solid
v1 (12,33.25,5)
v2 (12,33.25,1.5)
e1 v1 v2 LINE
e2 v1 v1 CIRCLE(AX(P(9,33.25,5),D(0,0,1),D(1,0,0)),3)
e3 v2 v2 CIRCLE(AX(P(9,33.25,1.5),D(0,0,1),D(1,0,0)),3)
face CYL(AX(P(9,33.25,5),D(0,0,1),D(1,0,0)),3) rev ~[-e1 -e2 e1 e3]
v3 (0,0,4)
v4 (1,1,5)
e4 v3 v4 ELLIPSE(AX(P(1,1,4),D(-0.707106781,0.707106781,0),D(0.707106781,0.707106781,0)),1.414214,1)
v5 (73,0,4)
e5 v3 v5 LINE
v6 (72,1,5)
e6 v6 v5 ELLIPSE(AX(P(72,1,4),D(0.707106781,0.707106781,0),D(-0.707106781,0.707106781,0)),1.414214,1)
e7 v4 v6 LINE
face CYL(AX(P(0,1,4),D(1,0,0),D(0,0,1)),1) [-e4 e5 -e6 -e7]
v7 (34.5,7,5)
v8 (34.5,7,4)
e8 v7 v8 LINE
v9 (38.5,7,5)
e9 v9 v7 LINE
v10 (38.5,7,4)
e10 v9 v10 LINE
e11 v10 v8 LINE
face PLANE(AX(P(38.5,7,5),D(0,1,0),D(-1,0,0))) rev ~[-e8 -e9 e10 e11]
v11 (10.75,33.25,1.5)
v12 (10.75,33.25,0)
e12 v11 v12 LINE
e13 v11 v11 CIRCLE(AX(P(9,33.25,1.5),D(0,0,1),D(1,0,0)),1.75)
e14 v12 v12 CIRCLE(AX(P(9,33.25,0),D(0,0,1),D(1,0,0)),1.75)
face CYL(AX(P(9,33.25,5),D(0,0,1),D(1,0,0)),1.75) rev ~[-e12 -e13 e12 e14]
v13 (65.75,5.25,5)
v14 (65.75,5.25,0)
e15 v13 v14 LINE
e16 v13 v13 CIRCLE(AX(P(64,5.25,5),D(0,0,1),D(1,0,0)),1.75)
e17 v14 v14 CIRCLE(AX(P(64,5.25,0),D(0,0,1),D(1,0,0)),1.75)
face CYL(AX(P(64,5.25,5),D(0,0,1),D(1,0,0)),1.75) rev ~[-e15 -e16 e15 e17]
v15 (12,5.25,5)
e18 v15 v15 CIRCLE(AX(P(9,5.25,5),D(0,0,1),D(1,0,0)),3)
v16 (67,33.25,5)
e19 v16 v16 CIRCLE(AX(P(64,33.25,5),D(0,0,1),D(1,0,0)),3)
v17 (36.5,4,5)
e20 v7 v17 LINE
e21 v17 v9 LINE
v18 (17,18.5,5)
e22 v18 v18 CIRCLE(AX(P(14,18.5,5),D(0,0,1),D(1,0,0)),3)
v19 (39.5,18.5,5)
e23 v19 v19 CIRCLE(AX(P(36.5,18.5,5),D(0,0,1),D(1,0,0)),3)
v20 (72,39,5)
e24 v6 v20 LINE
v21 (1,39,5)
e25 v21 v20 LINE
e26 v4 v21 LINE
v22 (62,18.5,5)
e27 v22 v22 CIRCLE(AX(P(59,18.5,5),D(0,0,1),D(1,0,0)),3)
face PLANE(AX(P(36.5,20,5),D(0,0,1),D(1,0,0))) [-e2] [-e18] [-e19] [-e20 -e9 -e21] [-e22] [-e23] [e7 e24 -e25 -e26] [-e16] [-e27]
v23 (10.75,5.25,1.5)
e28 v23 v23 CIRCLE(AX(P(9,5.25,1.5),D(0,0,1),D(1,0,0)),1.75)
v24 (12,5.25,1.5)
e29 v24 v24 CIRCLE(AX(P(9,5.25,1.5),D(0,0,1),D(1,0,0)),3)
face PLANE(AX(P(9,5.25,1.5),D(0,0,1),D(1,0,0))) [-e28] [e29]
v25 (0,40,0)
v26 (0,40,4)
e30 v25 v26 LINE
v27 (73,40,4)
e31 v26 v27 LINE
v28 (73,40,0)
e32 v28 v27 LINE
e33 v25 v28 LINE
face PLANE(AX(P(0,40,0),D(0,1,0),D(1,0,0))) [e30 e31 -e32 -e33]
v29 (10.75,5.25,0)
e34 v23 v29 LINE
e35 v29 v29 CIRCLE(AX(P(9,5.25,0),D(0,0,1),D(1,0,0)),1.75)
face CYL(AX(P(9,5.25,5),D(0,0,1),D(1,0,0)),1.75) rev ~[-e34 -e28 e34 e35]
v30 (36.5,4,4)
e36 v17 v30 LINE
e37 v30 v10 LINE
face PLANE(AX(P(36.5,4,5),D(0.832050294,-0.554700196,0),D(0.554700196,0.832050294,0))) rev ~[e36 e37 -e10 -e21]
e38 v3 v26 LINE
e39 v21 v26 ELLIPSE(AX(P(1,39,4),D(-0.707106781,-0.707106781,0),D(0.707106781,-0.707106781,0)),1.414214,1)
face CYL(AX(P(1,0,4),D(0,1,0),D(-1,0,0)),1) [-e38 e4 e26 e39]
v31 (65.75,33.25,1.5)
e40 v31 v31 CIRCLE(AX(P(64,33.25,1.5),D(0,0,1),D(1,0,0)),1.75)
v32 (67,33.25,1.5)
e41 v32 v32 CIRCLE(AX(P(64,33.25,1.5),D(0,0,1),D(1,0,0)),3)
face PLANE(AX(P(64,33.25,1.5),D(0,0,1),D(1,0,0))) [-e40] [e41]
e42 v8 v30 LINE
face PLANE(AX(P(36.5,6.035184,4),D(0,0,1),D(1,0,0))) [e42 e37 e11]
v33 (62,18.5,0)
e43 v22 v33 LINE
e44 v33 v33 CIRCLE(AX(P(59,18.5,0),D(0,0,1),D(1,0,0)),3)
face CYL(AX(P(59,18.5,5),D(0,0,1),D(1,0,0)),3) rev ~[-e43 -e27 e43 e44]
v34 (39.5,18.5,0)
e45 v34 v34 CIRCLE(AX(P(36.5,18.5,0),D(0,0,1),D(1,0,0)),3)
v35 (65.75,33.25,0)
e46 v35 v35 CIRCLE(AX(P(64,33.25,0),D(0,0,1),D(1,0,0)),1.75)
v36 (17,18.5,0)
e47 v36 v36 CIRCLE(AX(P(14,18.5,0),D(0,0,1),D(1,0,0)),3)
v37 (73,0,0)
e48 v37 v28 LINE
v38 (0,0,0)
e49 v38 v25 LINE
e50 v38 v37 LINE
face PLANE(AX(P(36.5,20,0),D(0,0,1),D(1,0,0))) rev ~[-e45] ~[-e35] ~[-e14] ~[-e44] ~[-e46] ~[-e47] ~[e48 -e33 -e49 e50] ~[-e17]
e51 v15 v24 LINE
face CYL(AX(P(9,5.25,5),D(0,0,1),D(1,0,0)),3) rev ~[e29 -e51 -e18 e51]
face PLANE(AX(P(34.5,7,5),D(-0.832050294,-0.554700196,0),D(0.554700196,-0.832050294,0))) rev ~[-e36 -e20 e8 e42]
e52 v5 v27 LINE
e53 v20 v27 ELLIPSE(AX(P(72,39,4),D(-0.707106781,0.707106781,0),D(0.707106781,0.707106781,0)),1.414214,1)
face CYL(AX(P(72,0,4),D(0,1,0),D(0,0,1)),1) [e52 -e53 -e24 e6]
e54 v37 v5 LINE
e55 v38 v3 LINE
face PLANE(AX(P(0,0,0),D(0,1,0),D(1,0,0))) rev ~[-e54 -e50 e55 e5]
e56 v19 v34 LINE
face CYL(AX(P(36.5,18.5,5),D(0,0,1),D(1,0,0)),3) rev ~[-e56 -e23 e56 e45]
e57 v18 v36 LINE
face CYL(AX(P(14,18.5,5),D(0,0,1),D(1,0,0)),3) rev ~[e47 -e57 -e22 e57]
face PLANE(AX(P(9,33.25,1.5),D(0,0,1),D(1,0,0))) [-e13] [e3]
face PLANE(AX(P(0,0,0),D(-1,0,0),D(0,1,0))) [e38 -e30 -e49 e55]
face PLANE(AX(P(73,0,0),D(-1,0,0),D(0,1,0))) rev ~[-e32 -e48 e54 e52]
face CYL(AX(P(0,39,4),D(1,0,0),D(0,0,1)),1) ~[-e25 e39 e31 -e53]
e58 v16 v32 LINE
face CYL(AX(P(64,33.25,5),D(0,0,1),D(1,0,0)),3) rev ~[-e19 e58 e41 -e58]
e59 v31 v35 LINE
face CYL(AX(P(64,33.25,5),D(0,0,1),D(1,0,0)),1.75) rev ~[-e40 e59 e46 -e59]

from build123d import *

# Parameters (mm, degrees)
SKETCH019_W     = 73
SKETCH019_H     = 40
PAD006_DEPTH    = 5
SKETCH020_R     = 3
SKETCH020_R_2   = 1.75
POCKET011_DEPTH = 5
SKETCH021_R     = 3
POCKET012_DEPTH = 3.5
FILLET_R        = 1
POCKET014_DEPTH = 1


with BuildPart() as part:
    # Sketch019 → Pad006 (new body)
    with BuildSketch(Plane.XY):
        with Locations((36.5, 20)):
            Rectangle(SKETCH019_W, SKETCH019_H)
    extrude(amount=PAD006_DEPTH)

    # Sketch020 (on Face6 of Pad006) → Pocket011 (cut)
    with BuildSketch(Plane.XY.offset(5)):
        with Locations((14, 18.5)):
            Circle(SKETCH020_R)
        with Locations((59, 18.5)):
            Circle(SKETCH020_R)
        with Locations((36.5, 18.5)):
            Circle(SKETCH020_R)
        with Locations((9, 33.25)):
            Circle(SKETCH020_R_2)
        with Locations((64, 33.25)):
            Circle(SKETCH020_R_2)
        with Locations((64, 5.25)):
            Circle(SKETCH020_R_2)
        with Locations((9, 5.25)):
            Circle(SKETCH020_R_2)
    extrude(amount=-POCKET011_DEPTH, mode=Mode.SUBTRACT)

    # Sketch021 (on Face5 of Pocket011) → Pocket012 (cut)
    with BuildSketch(Plane.XY.offset(5)):
        with Locations((36.5, 18.5)):
            Circle(SKETCH021_R)
        with Locations((9, 5.25)):
            Circle(SKETCH021_R)
        with Locations((64, 33.25)):
            Circle(SKETCH021_R)
        with Locations((9, 33.25)):
            Circle(SKETCH021_R)
    extrude(amount=-POCKET012_DEPTH, mode=Mode.SUBTRACT)

    # Fillet
    fillet_edges = [part.edges().sort_by_distance(p)[0] for p in [
        (73, 20, 5),
        (36.5, 40, 5),
        (0, 20, 5),
        (36.5, 0, 5),
    ]]
    fillet(fillet_edges, radius=FILLET_R)

    # Sketch023 (on Face8 of Fillet) → Pocket014 (cut)
    with BuildSketch(Plane.XY.offset(5)):
        Polygon((36.5, 4), (38.5, 7), (34.5, 7), align=None)
    extrude(amount=-POCKET014_DEPTH, mode=Mode.SUBTRACT)


solid = part.part
